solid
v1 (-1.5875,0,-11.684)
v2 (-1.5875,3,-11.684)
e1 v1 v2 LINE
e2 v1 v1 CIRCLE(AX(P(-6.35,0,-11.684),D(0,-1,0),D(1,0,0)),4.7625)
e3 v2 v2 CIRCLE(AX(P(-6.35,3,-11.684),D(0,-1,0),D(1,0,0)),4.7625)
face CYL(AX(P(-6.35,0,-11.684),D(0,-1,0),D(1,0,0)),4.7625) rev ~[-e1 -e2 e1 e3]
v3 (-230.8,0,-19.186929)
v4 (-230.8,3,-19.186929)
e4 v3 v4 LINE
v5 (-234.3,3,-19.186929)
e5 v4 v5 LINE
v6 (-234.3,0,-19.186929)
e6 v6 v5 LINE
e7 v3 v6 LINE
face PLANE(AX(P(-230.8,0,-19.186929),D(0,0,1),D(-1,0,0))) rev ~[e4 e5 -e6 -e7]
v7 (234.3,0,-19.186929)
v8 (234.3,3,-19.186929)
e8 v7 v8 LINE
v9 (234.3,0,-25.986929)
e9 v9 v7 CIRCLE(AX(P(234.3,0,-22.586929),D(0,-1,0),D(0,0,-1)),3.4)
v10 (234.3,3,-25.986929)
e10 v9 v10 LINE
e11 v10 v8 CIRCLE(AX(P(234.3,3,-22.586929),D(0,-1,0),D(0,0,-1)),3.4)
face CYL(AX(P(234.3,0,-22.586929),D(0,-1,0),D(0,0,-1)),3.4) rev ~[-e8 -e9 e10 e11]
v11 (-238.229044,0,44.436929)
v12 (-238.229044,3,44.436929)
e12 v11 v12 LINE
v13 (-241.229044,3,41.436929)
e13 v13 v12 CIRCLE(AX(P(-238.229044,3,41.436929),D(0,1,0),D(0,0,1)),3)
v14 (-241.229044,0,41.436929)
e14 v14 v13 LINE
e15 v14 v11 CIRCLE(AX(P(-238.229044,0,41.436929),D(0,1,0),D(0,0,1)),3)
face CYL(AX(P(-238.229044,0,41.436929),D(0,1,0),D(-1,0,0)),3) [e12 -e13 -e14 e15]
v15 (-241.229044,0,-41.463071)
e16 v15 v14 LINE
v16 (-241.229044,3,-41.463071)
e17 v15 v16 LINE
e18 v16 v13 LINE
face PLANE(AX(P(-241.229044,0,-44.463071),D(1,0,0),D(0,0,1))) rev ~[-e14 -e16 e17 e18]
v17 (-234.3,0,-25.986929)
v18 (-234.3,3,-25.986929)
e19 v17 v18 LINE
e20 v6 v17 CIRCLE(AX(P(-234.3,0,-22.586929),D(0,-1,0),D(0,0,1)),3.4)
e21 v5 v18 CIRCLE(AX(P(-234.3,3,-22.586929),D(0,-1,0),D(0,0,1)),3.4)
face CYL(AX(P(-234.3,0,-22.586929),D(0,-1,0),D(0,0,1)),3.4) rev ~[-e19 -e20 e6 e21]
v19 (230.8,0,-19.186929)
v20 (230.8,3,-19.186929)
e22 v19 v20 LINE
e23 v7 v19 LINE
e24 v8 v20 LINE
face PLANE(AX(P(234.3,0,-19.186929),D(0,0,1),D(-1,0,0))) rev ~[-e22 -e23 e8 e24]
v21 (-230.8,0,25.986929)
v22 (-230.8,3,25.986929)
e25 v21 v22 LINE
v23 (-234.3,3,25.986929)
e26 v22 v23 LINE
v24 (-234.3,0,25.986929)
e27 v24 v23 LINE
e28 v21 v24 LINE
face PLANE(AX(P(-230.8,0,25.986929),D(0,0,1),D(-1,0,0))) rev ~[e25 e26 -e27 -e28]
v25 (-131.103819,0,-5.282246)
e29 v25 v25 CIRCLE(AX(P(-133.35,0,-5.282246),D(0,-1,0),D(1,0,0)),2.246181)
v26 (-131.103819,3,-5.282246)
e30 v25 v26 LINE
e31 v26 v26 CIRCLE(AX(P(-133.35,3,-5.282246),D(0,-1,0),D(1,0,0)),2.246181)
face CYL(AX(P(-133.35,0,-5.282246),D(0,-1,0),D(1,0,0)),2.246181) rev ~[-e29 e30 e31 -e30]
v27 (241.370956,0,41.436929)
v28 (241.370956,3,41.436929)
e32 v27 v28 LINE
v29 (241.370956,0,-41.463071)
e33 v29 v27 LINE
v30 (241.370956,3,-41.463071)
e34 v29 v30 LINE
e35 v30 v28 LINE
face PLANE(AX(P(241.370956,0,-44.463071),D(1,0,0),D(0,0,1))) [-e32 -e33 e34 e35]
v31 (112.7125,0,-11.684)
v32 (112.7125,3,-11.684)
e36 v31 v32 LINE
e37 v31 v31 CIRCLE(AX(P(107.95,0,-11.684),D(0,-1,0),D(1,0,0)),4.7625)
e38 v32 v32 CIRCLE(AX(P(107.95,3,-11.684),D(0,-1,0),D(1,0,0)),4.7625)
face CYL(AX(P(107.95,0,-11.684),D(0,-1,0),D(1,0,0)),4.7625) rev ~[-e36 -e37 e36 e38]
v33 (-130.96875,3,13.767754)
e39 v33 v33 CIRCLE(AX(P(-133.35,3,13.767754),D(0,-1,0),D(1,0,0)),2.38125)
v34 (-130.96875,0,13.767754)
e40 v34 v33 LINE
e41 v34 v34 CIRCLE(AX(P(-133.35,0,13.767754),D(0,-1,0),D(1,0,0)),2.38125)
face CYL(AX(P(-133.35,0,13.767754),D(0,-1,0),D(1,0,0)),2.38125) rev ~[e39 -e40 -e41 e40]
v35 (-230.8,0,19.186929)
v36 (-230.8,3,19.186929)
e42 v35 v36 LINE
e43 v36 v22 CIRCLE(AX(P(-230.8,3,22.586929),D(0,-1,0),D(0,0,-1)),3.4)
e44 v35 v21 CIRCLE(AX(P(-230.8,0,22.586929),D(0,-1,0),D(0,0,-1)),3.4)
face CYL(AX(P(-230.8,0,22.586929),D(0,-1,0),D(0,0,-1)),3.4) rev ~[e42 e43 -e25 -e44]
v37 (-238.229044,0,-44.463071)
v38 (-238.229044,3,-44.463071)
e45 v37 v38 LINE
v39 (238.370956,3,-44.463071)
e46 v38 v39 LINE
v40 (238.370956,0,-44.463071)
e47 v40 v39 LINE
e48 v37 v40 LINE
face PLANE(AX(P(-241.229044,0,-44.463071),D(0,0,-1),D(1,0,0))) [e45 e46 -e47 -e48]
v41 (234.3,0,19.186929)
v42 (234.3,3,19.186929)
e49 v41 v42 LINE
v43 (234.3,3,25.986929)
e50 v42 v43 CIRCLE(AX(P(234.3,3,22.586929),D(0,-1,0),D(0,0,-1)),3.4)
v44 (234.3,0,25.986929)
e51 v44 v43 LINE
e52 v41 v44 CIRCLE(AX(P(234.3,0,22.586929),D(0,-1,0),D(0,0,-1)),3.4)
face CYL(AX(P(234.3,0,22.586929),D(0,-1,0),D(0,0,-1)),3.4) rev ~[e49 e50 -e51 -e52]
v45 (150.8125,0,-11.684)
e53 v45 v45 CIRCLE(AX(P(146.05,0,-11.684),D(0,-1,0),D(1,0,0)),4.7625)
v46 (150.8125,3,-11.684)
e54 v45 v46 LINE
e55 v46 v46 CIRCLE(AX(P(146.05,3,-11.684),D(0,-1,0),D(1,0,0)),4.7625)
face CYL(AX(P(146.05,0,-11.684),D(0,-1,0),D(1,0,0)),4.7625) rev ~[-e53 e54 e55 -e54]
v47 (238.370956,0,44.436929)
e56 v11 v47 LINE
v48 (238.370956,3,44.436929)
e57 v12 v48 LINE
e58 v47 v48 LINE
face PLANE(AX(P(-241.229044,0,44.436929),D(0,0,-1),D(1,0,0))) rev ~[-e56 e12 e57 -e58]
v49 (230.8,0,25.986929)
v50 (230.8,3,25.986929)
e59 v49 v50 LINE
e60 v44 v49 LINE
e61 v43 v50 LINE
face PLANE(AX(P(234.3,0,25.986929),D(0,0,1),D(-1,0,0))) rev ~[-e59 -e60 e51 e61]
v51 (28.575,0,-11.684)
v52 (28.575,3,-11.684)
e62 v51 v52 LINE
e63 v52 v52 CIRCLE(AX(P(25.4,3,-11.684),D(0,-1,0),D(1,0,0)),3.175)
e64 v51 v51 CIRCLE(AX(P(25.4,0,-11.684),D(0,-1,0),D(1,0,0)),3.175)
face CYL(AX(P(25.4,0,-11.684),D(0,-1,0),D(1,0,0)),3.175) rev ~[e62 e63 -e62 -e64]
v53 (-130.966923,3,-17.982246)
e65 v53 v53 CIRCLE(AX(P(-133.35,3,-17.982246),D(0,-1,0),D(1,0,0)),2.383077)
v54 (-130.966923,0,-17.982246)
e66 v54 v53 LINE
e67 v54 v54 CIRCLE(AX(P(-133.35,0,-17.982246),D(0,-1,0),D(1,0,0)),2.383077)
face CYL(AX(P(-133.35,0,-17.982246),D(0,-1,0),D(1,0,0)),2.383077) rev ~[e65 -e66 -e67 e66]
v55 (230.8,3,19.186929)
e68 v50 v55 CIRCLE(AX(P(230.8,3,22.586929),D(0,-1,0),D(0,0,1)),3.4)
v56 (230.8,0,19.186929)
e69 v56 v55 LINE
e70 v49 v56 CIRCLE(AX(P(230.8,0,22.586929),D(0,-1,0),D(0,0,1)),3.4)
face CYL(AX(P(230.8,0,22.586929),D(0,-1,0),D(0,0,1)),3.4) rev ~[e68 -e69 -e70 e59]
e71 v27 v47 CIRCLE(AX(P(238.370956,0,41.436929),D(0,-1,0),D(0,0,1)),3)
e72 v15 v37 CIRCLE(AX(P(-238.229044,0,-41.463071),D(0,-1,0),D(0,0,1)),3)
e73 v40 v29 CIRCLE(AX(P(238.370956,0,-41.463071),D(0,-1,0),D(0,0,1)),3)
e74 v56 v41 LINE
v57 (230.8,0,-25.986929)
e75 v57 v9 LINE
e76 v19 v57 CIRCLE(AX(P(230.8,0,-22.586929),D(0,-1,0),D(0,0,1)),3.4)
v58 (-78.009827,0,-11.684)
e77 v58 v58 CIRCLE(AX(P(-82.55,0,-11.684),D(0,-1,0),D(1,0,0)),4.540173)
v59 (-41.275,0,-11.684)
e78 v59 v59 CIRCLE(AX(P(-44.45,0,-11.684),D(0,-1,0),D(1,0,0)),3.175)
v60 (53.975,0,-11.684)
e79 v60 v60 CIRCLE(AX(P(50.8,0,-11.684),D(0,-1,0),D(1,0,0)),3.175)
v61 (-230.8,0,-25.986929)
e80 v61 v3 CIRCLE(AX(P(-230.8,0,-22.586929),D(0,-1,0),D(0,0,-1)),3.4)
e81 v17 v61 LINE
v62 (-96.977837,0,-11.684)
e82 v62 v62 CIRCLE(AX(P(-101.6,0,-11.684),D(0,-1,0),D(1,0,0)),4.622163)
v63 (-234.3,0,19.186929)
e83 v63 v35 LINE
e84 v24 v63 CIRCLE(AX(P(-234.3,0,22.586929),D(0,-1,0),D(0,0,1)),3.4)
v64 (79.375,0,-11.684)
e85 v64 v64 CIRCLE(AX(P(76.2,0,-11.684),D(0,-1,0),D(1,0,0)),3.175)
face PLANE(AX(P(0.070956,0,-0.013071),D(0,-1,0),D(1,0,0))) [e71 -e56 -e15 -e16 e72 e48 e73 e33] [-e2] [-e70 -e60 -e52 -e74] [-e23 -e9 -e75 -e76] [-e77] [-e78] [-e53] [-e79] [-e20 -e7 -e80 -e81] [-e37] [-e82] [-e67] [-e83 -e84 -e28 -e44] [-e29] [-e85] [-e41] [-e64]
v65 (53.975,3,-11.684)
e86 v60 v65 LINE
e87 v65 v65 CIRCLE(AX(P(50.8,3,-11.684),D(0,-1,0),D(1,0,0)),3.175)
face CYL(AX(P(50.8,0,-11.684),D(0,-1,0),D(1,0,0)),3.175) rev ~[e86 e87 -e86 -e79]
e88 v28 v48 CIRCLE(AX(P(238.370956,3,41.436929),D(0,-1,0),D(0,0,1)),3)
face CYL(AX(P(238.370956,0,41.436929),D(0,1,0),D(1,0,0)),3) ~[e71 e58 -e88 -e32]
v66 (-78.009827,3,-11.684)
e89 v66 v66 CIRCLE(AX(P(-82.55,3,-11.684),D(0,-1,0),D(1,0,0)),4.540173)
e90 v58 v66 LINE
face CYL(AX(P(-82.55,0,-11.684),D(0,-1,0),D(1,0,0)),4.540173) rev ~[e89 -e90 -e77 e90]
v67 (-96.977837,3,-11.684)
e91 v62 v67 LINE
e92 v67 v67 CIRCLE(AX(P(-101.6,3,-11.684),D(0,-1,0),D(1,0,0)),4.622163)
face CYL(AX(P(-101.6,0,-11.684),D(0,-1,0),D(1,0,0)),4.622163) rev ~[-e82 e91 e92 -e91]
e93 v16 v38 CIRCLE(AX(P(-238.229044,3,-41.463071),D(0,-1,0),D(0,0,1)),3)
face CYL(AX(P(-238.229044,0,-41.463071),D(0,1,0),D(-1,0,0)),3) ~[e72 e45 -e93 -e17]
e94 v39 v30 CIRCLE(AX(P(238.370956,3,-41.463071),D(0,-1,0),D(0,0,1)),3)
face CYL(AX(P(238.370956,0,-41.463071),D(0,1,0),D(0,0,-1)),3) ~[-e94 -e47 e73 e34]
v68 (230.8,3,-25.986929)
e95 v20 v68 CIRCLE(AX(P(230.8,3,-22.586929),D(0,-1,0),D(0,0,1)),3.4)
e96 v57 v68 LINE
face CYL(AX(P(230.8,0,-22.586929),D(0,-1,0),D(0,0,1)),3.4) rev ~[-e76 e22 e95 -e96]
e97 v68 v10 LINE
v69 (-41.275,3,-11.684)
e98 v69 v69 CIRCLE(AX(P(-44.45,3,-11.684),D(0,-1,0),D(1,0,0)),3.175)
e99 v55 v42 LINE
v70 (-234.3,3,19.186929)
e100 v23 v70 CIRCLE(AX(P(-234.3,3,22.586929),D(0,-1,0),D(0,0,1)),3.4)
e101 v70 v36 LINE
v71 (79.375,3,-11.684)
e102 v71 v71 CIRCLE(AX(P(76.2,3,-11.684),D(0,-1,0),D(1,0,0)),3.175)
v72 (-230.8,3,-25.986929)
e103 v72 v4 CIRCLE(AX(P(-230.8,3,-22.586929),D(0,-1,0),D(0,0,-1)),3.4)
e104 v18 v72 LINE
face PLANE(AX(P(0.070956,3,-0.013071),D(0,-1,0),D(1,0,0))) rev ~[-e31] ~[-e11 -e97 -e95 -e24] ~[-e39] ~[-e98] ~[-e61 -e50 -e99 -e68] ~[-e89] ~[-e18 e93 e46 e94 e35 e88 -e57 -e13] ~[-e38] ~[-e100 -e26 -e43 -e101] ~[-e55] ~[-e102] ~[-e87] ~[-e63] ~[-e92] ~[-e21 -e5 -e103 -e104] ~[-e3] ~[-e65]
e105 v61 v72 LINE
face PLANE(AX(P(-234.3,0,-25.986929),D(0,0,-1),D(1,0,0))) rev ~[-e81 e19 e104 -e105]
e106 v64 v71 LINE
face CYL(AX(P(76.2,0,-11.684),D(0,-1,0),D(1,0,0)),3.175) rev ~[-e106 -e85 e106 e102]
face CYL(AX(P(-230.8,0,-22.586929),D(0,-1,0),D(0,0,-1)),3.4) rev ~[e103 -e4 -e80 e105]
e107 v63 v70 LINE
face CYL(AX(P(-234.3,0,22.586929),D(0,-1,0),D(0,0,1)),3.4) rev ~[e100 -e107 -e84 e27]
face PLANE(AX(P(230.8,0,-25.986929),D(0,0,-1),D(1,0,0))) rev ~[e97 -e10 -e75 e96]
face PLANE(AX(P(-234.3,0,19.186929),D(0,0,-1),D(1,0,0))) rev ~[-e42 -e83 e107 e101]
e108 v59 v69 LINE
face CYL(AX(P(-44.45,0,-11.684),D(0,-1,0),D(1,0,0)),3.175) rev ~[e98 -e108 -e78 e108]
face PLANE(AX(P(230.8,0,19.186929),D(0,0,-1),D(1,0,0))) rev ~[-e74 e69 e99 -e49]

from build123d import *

# Parameters (mm, degrees)
F0_W     = 482.6
F0_H     = 88.9
F1_DEPTH = 3
F2_R     = 3
F3_R     = 2.38125
F3_R_2   = 2.246181
F3_R_3   = 2.383077
F3_R_4   = 4.622163
F3_R_5   = 4.540173
F3_R_6   = 3.175
F3_R_7   = 4.7625
F4_DEPTH = 3


with BuildPart() as f1:
    # F0 (on Front) → F1 (new body)
    with BuildSketch(Plane.XZ):
        with Locations((0.070956, -0.013071)):
            Rectangle(F0_W, F0_H)
    extrude(amount=-F1_DEPTH)

    # F2
    f2_edges = [f1.edges().sort_by_distance(p)[0] for p in [
        (-241.229044, 1.5, 44.436929),
        (241.370956, 1.5, 44.436929),
        (241.370956, 1.5, -44.463071),
        (-241.229044, 1.5, -44.463071),
    ]]
    fillet(f2_edges, radius=F2_R)

    # F3 (on Front) → F4 (cut, through all)
    with BuildSketch(Plane.XZ):
        with BuildLine():
            Line((-234.3, 19.186929), (-230.8, 19.186929))
            ThreePointArc((-230.8, 19.186929), (-227.4, 22.586929), (-230.8, 25.986929))
            Line((-230.8, 25.986929), (-234.3, 25.986929))
            ThreePointArc((-234.3, 25.986929), (-237.7, 22.586929), (-234.3, 19.186929))
        make_face()
        with BuildLine():
            ThreePointArc((230.8, 25.986929), (227.4, 22.586929), (230.8, 19.186929))
            Line((230.8, 19.186929), (234.3, 19.186929))
            ThreePointArc((234.3, 19.186929), (237.7, 22.586929), (234.3, 25.986929))
            Line((234.3, 25.986929), (230.8, 25.986929))
        make_face()
        with BuildLine():
            Line((230.8, -25.986929), (234.3, -25.986929))
            ThreePointArc((234.3, -25.986929), (237.7, -22.586929), (234.3, -19.186929))
            Line((234.3, -19.186929), (230.8, -19.186929))
            ThreePointArc((230.8, -19.186929), (227.4, -22.586929), (230.8, -25.986929))
        make_face()
        with BuildLine():
            ThreePointArc((-230.8, -25.986929), (-227.4, -22.586929), (-230.8, -19.186929))
            Line((-230.8, -19.186929), (-234.3, -19.186929))
            ThreePointArc((-234.3, -19.186929), (-237.7, -22.586929), (-234.3, -25.986929))
            Line((-234.3, -25.986929), (-230.8, -25.986929))
        make_face()
        with Locations((-133.35, 13.767754)):
            Circle(F3_R)
        with Locations((-133.35, -5.282246)):
            Circle(F3_R_2)
        with Locations((-133.35, -17.982246)):
            Circle(F3_R_3)
        with Locations((-101.6, -11.684)):
            Circle(F3_R_4)
        with Locations((-82.55, -11.684)):
            Circle(F3_R_5)
        with Locations((-44.45, -11.684)):
            Circle(F3_R_6)
        with Locations((-6.35, -11.684)):
            Circle(F3_R_7)
        with Locations((25.4, -11.684)):
            Circle(F3_R_6)
        with Locations((50.8, -11.684)):
            Circle(F3_R_6)
        with Locations((76.2, -11.684)):
            Circle(F3_R_6)
        with Locations((107.95, -11.684)):
            Circle(F3_R_7)
        with Locations((146.05, -11.684)):
            Circle(F3_R_7)
    extrude(amount=-F4_DEPTH, mode=Mode.SUBTRACT)


solid = f1.part
